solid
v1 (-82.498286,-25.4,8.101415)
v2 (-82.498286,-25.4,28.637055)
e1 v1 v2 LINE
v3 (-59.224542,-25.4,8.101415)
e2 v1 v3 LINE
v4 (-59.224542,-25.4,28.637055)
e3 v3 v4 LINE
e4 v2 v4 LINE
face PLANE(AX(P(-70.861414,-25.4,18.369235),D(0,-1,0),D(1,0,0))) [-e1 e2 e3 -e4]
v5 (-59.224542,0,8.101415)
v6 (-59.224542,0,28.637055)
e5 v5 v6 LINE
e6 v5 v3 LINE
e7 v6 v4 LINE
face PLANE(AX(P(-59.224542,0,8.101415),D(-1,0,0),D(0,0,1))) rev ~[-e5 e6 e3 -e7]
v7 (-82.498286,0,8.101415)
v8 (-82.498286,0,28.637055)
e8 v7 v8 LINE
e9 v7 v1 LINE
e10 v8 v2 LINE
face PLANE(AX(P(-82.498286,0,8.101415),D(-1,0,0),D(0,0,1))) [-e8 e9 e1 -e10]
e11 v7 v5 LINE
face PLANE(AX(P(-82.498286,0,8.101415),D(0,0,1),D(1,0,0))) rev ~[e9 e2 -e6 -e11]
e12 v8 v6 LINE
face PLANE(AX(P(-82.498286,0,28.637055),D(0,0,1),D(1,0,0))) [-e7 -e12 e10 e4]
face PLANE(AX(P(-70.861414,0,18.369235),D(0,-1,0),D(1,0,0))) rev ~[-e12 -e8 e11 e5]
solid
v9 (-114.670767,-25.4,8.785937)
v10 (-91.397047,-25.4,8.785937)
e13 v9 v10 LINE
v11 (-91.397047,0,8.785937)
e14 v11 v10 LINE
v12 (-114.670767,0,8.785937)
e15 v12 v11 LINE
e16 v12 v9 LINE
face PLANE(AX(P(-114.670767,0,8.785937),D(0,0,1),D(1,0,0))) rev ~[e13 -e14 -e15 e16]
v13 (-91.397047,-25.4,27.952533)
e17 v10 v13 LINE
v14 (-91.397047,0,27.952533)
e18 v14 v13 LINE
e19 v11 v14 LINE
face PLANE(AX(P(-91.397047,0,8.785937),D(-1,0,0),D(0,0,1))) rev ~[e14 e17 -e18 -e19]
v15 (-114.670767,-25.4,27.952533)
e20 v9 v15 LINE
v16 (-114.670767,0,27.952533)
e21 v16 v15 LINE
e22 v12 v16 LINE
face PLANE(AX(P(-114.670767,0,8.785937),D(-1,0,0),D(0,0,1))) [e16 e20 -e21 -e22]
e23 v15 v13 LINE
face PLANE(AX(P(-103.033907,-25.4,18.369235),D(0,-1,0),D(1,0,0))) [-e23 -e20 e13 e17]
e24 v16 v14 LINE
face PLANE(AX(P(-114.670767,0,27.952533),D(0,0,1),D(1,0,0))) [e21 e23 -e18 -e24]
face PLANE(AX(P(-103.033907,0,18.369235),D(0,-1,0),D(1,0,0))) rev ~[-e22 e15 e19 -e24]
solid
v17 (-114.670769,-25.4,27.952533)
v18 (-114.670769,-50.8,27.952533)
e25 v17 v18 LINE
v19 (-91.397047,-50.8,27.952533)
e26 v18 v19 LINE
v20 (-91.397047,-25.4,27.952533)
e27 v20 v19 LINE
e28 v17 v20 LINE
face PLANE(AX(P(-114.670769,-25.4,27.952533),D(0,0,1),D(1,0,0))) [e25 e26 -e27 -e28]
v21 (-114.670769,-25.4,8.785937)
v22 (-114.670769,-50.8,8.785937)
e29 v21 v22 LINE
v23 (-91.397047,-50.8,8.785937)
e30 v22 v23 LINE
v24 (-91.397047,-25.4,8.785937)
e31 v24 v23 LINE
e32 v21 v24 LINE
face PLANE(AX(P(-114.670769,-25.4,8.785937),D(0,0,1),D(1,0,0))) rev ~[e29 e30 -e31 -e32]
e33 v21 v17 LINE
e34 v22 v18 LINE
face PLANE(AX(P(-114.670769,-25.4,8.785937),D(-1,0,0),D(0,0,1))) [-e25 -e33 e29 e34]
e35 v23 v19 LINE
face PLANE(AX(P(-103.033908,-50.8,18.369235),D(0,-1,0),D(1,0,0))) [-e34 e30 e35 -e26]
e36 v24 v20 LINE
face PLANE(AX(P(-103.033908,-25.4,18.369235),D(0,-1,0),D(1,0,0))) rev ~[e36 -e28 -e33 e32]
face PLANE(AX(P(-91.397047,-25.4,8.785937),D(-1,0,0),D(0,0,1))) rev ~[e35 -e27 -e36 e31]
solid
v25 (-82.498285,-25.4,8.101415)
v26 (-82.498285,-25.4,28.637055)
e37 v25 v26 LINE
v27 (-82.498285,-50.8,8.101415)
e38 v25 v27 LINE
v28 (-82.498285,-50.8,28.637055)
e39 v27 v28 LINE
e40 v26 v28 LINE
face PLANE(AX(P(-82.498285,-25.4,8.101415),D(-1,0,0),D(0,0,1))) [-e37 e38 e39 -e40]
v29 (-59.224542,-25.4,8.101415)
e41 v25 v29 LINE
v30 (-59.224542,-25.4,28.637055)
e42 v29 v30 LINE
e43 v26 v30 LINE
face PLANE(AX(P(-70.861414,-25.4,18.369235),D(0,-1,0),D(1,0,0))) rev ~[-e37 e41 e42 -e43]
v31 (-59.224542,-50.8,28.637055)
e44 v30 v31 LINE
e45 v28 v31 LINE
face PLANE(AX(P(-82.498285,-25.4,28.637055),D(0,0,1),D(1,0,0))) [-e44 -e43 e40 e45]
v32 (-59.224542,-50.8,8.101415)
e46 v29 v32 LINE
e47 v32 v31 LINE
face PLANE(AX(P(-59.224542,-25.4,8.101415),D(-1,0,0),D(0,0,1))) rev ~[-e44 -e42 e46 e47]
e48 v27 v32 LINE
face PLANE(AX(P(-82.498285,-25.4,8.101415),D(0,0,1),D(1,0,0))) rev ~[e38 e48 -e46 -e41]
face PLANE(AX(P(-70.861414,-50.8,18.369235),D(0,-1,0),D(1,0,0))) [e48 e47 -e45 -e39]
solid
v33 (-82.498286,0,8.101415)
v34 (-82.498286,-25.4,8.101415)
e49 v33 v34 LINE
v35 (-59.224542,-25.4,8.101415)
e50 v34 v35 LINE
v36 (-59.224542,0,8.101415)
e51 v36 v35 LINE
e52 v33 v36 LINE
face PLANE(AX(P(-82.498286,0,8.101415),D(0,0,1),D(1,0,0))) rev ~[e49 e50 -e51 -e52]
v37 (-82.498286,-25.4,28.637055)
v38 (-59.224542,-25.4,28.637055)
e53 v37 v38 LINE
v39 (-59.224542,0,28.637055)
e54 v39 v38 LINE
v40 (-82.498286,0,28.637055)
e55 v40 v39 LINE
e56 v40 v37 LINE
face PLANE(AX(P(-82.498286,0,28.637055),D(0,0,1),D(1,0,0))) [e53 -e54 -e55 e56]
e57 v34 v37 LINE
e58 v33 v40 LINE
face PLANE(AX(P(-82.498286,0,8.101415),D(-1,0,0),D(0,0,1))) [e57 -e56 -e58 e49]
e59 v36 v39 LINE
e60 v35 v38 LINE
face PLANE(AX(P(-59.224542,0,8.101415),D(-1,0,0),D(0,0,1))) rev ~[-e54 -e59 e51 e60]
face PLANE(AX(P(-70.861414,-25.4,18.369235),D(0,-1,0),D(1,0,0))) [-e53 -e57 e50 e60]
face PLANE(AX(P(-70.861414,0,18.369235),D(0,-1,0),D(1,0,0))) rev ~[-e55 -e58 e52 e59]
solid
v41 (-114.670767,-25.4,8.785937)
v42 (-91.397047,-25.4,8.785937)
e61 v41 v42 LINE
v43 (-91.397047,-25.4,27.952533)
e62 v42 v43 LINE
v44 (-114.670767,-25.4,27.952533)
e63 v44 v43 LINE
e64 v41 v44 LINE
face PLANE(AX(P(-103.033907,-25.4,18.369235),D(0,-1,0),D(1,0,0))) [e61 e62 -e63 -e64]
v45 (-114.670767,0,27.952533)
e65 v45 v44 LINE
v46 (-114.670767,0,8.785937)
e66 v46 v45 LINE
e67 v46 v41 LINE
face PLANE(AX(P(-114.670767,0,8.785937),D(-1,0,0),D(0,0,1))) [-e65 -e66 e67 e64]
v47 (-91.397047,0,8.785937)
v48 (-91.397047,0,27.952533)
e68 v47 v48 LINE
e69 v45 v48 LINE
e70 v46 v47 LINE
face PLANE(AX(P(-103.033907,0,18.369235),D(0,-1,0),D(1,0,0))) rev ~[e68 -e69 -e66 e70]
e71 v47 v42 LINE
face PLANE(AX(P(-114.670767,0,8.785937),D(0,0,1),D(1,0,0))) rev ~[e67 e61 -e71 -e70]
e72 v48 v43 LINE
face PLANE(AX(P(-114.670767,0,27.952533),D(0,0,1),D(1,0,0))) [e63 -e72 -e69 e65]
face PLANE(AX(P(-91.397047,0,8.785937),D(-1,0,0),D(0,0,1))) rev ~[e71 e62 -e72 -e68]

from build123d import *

# Parameters (mm, degrees)
F5_W        = 23.273744
F5_H        = 20.53564
F4_W        = 23.273721
F4_H        = 19.166596
F7_DEPTH    = 25.4
F8_DEPTH    = 25.4
F7_FACE_W   = 23.273722
F7_FACE_H   = 19.166596
F7_FACE_W_2 = 23.273743
F7_FACE_H_2 = 20.53564
F9_DEPTH    = 25.4


with BuildPart() as f7:
    # F5 (on Front) + F4 (on Front) → F7 (new body)
    with BuildSketch(Plane.XZ):
        with Locations((-70.861414, 18.369235)):
            Rectangle(F5_W, F5_H)
    with BuildSketch(Plane.XZ):
        with Locations((-103.033907, 18.369235)):
            Rectangle(F4_W, F4_H)
    extrude(amount=F7_DEPTH)


with BuildPart() as f8:
    # F4 (on Front) + F5 (on Front) → F8 (new body)
    with BuildSketch(Plane.XZ):
        with Locations((-103.033907, 18.369235)):
            Rectangle(F4_W, F4_H)
    with BuildSketch(Plane.XZ):
        with Locations((-70.861414, 18.369235)):
            Rectangle(F5_W, F5_H)
    extrude(amount=F8_DEPTH)


with BuildPart() as f9:
    # F7_face (on face) → F9 (new body)
    with BuildSketch(Plane(origin=(-103.033908, -25.4, 18.369235), x_dir=(1, 0, 0), z_dir=(0, -1, 0))):
        Rectangle(F7_FACE_W, F7_FACE_H)
        with Locations((32.172494, 0)):
            Rectangle(F7_FACE_W_2, F7_FACE_H_2)
    extrude(amount=F9_DEPTH)


solid = Compound([f7.part, f8.part, f9.part])
